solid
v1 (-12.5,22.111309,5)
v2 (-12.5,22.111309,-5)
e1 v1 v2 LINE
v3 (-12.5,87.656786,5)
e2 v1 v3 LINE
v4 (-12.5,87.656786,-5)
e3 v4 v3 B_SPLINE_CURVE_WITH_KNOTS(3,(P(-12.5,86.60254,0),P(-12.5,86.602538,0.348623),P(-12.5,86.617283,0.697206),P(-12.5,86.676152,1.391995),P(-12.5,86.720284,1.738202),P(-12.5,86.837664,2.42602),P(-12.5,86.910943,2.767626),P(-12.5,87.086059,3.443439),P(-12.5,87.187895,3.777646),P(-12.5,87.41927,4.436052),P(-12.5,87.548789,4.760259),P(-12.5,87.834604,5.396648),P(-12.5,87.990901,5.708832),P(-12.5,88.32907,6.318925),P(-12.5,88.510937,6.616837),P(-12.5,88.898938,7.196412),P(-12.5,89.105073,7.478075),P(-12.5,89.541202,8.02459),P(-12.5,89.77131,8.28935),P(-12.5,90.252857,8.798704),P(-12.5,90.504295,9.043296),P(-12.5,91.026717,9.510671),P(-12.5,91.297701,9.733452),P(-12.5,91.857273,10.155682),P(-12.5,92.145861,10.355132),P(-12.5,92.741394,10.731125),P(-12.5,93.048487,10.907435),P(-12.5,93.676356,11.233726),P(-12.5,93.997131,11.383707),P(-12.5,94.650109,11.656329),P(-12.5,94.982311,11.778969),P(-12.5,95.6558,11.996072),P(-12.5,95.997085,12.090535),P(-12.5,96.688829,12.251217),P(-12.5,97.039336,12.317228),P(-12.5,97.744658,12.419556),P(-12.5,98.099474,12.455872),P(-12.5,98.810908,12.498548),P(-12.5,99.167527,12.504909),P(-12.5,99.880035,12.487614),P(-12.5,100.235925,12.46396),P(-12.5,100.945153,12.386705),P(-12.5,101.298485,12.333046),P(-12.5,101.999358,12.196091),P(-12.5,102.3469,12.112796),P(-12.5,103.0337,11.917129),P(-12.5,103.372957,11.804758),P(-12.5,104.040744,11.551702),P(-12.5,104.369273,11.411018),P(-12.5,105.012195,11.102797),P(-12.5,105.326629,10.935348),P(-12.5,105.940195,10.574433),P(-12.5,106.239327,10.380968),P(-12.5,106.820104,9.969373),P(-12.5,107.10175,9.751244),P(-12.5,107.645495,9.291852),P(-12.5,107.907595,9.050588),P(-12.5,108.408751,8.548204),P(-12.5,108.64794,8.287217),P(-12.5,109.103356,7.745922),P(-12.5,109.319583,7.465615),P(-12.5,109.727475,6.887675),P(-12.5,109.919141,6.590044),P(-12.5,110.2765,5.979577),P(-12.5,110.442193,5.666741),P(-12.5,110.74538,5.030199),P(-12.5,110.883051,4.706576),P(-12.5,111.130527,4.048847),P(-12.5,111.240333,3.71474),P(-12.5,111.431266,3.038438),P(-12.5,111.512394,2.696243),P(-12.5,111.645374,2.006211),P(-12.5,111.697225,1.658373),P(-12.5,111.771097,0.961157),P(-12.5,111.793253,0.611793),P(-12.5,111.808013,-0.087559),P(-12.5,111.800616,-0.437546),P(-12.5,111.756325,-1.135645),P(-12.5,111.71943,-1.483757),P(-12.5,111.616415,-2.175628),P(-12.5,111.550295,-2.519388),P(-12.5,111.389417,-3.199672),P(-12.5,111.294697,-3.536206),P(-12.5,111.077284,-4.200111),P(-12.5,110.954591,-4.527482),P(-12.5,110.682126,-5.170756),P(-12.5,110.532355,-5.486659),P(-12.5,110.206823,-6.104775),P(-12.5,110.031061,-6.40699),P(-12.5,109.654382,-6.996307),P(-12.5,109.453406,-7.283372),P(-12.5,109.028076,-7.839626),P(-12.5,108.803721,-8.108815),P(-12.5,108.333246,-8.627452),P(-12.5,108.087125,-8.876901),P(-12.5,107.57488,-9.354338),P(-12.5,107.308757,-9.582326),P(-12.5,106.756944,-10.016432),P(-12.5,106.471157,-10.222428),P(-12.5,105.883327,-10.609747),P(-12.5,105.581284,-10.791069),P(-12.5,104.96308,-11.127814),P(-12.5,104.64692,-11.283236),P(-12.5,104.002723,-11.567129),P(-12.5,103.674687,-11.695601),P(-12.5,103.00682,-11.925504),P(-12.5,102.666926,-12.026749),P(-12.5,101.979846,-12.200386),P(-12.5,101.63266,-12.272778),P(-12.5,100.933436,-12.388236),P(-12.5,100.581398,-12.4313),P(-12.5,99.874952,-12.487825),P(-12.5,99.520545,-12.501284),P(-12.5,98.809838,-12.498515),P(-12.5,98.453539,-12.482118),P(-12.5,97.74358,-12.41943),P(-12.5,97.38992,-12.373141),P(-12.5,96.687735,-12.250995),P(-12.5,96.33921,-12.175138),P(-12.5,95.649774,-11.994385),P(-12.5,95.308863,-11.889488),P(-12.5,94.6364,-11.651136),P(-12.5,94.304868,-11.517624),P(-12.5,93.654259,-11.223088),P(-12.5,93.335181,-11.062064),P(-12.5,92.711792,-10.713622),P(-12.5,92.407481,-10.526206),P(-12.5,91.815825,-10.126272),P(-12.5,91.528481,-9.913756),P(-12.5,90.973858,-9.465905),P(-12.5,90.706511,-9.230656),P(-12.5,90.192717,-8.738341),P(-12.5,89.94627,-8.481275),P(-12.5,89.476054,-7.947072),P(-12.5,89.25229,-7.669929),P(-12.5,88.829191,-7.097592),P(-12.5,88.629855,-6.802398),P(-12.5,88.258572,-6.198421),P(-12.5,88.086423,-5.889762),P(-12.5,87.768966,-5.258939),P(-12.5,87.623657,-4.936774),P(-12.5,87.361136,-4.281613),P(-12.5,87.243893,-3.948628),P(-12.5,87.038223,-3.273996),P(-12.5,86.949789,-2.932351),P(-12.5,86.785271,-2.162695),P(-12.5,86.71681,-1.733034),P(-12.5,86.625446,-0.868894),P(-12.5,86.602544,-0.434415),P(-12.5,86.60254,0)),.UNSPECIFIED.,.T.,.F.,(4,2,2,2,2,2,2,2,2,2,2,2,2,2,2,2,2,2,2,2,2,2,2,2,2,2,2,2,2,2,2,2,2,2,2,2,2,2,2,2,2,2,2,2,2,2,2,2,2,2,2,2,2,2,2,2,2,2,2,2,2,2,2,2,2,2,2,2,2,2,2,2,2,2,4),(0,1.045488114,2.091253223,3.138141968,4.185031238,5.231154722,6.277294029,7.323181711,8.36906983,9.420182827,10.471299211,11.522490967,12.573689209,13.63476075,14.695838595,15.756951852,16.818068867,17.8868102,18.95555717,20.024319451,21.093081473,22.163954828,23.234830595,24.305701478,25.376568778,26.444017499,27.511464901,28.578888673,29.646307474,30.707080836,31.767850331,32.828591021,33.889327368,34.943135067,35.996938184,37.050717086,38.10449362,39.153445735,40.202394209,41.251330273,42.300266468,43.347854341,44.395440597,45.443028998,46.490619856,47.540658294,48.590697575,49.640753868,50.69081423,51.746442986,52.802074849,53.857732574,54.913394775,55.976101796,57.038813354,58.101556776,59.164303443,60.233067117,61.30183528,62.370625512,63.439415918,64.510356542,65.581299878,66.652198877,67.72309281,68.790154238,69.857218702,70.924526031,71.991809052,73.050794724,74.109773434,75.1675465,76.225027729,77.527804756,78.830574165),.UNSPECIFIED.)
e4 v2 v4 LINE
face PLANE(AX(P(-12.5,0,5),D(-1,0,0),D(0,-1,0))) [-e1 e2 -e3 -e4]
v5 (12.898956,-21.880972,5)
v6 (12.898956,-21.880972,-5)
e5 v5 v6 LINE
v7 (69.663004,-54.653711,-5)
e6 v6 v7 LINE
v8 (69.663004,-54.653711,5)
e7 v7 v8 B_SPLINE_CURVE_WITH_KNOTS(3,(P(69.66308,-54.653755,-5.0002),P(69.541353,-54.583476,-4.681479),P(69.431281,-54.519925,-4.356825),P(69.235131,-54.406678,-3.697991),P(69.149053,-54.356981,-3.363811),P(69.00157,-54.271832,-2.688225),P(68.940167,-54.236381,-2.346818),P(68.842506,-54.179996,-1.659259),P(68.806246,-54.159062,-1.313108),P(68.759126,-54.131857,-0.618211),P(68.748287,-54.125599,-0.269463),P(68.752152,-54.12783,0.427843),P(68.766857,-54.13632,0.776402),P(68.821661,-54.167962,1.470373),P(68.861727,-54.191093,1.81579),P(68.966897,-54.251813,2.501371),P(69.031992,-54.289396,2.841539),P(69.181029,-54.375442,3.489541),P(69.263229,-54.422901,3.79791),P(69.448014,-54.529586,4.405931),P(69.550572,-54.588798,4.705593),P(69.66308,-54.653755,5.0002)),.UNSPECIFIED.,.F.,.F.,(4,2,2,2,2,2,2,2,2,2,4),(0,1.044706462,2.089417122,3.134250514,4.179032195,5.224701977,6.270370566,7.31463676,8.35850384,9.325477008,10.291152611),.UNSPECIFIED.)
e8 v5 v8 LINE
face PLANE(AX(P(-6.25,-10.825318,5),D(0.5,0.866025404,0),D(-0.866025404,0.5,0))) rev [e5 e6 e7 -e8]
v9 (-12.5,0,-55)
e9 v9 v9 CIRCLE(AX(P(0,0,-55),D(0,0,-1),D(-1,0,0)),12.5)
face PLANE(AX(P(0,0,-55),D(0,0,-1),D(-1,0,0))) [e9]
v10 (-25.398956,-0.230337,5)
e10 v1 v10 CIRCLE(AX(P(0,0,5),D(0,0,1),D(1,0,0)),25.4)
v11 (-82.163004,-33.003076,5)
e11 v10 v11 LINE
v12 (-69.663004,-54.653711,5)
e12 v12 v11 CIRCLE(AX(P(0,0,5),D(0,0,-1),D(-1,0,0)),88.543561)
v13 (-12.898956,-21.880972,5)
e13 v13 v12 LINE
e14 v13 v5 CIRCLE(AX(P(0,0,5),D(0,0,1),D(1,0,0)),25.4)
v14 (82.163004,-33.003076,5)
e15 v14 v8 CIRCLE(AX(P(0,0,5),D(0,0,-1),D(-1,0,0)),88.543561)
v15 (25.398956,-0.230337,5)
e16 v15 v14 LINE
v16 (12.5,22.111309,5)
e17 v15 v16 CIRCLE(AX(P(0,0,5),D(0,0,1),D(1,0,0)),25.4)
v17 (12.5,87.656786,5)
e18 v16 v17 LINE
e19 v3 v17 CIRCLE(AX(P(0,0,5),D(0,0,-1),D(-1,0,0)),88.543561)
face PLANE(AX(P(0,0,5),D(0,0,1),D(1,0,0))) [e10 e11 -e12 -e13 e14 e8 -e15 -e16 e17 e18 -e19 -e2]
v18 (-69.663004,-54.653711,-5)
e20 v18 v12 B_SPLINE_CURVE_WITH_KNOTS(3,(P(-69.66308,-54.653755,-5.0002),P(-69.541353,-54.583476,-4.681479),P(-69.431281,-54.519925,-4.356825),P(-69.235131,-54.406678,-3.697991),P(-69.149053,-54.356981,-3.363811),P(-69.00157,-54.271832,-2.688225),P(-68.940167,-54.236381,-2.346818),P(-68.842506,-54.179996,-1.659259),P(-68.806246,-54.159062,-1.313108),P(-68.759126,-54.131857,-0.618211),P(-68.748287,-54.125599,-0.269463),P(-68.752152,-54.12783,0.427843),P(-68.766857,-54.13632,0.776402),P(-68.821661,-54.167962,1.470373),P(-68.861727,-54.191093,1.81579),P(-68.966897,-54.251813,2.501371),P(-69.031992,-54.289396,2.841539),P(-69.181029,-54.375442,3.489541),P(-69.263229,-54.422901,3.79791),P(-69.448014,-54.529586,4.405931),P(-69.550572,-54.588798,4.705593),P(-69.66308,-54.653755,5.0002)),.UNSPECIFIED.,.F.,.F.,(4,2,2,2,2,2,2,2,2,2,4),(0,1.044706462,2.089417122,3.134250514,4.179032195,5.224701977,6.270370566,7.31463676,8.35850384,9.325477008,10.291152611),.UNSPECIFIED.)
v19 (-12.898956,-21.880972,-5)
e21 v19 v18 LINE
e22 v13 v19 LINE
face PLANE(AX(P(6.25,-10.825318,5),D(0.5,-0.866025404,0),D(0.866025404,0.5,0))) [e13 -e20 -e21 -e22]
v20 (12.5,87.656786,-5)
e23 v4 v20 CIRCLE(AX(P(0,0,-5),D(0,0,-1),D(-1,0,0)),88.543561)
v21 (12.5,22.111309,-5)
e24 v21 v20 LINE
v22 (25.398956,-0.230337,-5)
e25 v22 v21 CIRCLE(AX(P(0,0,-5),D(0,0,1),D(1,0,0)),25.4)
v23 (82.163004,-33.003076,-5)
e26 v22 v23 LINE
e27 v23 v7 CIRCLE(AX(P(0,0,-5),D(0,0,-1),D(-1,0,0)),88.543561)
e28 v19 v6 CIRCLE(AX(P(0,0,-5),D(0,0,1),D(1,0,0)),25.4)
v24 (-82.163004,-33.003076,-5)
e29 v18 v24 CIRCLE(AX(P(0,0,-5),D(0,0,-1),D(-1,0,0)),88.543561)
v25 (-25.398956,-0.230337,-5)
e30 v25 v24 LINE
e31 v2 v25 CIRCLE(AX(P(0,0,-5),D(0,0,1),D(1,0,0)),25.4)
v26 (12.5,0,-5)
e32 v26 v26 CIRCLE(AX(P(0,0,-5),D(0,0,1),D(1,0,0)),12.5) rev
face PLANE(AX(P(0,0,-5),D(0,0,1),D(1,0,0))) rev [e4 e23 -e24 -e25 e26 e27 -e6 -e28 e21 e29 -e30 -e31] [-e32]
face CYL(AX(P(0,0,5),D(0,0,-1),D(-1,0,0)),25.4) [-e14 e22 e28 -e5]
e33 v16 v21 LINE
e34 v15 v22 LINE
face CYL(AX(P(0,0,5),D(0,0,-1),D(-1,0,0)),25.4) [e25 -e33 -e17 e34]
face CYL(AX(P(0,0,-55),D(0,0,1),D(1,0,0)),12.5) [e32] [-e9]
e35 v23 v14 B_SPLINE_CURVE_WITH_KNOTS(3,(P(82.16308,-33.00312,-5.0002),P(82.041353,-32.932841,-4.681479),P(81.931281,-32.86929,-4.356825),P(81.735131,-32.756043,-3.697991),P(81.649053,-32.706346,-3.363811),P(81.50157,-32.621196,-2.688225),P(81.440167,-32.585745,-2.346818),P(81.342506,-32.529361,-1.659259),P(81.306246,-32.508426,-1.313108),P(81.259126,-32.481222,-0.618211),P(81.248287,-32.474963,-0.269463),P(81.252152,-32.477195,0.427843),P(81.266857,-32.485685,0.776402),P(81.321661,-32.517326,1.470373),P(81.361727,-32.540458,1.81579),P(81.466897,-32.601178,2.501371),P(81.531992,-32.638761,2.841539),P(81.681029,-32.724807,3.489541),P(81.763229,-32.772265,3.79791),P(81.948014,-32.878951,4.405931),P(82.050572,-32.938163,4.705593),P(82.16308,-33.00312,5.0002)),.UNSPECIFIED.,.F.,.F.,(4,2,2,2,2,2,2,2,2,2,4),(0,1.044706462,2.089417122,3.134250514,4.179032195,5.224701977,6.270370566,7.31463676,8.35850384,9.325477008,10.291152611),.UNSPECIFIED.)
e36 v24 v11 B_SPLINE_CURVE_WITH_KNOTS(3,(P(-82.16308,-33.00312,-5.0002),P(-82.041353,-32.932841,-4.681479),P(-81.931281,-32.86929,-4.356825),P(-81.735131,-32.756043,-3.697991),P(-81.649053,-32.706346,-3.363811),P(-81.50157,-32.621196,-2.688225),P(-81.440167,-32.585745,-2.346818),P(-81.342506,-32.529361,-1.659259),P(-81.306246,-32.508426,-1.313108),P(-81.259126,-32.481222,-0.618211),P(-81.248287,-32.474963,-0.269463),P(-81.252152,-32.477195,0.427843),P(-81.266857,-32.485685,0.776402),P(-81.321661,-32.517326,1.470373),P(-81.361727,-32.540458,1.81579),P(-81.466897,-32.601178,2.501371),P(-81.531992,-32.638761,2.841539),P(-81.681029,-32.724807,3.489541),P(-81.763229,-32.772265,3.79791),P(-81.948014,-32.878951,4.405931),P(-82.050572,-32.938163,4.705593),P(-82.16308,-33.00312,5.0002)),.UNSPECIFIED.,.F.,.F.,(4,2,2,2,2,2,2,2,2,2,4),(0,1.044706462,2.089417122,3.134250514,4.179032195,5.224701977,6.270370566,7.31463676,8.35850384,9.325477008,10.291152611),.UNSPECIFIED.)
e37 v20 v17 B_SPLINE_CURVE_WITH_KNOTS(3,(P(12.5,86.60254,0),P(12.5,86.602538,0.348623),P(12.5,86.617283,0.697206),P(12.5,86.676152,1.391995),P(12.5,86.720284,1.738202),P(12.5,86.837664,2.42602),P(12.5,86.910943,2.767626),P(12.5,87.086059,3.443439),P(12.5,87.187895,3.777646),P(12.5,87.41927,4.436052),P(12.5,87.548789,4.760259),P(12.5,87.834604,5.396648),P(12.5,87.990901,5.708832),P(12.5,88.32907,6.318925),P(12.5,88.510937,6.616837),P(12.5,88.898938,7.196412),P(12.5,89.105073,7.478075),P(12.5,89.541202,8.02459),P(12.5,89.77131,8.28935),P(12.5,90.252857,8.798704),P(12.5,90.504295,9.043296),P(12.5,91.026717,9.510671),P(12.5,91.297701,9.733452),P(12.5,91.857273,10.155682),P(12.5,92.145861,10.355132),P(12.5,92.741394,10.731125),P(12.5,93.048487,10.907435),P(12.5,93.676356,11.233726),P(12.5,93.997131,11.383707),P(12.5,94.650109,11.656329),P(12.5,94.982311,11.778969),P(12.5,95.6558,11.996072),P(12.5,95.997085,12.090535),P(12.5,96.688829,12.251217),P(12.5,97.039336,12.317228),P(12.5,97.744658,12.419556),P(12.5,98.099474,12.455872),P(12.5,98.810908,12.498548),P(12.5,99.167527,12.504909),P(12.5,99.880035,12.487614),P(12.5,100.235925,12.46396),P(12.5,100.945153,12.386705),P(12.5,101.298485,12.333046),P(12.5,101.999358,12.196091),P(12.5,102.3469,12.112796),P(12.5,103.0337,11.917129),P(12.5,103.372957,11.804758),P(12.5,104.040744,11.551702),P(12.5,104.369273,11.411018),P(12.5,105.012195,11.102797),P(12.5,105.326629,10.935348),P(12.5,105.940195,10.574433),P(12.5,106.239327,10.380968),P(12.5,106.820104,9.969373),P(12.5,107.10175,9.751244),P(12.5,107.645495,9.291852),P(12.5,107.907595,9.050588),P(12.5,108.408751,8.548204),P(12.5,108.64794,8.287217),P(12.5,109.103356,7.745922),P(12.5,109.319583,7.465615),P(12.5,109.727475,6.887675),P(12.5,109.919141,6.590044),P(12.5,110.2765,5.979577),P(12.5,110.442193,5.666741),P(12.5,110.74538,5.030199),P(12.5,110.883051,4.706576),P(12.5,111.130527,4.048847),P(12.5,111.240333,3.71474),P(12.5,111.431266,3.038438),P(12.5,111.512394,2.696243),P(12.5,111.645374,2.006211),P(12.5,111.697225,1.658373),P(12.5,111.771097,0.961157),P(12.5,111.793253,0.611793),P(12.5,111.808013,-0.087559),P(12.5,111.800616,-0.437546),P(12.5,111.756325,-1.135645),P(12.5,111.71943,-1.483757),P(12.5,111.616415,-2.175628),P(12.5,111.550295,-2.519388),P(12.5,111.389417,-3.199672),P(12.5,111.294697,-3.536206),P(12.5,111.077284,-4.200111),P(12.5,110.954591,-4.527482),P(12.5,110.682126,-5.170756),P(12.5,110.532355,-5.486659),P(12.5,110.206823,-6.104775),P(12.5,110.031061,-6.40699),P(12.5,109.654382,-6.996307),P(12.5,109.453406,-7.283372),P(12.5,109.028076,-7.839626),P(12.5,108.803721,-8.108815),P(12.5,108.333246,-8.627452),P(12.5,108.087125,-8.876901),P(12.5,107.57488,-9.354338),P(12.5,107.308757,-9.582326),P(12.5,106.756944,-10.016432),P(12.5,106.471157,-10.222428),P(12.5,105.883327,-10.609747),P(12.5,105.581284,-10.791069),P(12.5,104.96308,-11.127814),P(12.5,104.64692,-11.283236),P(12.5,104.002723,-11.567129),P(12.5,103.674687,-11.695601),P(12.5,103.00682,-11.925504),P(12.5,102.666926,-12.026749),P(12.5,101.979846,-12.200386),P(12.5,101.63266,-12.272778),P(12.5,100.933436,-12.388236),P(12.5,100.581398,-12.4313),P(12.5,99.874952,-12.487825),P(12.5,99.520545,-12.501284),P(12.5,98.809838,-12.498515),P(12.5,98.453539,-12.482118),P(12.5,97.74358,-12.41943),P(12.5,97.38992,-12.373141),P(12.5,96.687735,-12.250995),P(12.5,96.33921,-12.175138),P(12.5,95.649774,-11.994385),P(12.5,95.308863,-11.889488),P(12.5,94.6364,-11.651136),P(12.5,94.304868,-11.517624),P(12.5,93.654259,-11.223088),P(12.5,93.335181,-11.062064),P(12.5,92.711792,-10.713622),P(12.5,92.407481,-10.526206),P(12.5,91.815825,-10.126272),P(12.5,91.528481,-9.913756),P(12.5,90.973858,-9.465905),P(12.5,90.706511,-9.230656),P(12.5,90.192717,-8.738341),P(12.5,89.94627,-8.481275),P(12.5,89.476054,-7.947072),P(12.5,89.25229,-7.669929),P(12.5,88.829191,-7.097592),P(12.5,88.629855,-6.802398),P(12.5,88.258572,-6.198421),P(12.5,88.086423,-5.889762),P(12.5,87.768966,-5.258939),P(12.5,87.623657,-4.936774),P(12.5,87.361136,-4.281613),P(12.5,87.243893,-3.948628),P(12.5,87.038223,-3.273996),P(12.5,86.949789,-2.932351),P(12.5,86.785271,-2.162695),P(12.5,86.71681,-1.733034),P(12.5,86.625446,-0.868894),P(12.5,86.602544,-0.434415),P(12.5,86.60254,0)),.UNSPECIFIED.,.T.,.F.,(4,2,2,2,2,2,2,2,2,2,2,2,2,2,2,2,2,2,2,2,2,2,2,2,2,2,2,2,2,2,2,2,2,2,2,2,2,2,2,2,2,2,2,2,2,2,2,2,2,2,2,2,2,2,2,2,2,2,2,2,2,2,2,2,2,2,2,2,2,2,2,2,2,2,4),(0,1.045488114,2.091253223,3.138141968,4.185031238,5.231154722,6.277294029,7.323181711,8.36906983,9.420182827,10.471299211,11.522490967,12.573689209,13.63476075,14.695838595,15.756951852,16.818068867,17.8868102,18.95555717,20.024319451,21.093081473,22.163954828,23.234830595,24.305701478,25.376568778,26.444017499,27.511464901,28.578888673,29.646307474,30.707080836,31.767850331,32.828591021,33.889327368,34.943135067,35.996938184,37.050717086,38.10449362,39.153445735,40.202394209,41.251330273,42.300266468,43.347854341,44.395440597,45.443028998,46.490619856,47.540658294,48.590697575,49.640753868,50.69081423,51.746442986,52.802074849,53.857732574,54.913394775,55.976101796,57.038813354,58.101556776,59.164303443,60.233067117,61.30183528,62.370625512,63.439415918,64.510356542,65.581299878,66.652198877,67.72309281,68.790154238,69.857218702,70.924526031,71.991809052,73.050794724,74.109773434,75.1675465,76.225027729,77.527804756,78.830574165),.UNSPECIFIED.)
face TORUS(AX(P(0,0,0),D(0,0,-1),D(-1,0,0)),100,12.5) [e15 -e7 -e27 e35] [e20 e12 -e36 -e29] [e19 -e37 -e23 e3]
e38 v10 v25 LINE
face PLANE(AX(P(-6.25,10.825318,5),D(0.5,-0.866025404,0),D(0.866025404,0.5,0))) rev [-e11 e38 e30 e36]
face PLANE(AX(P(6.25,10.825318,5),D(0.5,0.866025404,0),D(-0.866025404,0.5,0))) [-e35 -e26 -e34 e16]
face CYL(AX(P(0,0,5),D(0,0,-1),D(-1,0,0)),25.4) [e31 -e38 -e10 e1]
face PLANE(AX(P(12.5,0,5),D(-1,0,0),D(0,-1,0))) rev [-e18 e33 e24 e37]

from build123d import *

# Parameters (mm, degrees)
SKETCH2_R           = 12.5
BOSS_EXTRUDE1_DEPTH = 5
SKETCH4_R           = 12.5
BOSS_EXTRUDE2_DEPTH = 50


with BuildPart() as part:
    # Sketch2 → Revolve1 (revolve)
    with BuildSketch(Plane(origin=(0, 0, 0), x_dir=(1, 0, 0), z_dir=(0, 1, 0)), mode=Mode.PRIVATE) as revolve1_sk:
        with Locations((100, 0)):
            Circle(SKETCH2_R)
    revolve(revolve1_sk.sketch.rotate(Axis((0, 0, 0), (0, 0, 1)), 180), axis=Axis((0, 0, 0), (0, 0, 1)))

    # Sketch3 → Boss-Extrude1 (add, symmetric)
    with BuildSketch(Plane.XY):
        with BuildLine():
            Line((-73.52073385, -56.880972209), (-12.898955585, -21.880972209))
            ThreePointArc((-12.898955585, -21.880972209), (-21.997045256, -12.7), (-25.398955585, -0.230337114))
            Line((-25.398955585, -0.230337114), (-86.02073385, -35.230337114))
            Line((-86.02073385, -35.230337114), (-73.52073385, -56.880972209))
        make_face()
        with BuildLine():
            Line((-25.398955585, -0.230337114), (-12.898955585, -21.880972209))
            ThreePointArc((-12.898955585, -21.880972209), (0, -25.4), (12.898955585, -21.880972209))
            Line((12.898955585, -21.880972209), (25.398955585, -0.230337114))
            ThreePointArc((25.398955585, -0.230337114), (25.399738895, -0.115169741), (25.4, 0))
            ThreePointArc((25.4, 0), (21.939234262, 12.799609369), (12.5, 22.111309324))
            Line((12.5, 22.111309324), (-12.5, 22.111309324))
            ThreePointArc((-12.5, 22.111309324), (-21.997045256, 12.7), (-25.398955585, -0.230337114))
        make_face()
        with BuildLine():
            ThreePointArc((-25.398955585, -0.230337114), (-21.997045256, -12.7), (-12.898955585, -21.880972209))
            Line((-12.898955585, -21.880972209), (-25.398955585, -0.230337114))
        make_face()
        with BuildLine():
            ThreePointArc((12.5, 22.111309324), (0, 25.4), (-12.5, 22.111309324))
            Line((-12.5, 22.111309324), (12.5, 22.111309324))
        make_face()
        with BuildLine():
            Line((-12.5, 92.111309324), (-12.5, 22.111309324))
            ThreePointArc((-12.5, 22.111309324), (0, 25.4), (12.5, 22.111309324))
            Line((12.5, 22.111309324), (12.5, 92.111309324))
            Line((12.5, 92.111309324), (-12.5, 92.111309324))
        make_face()
        with BuildLine():
            Line((25.398955585, -0.230337114), (12.898955585, -21.880972209))
            ThreePointArc((12.898955585, -21.880972209), (21.997045256, -12.7), (25.398955585, -0.230337114))
        make_face()
        with BuildLine():
            ThreePointArc((25.398955585, -0.230337114), (21.997045256, -12.7), (12.898955585, -21.880972209))
            Line((12.898955585, -21.880972209), (73.52073385, -56.880972209))
            Line((73.52073385, -56.880972209), (86.02073385, -35.230337114))
            Line((86.02073385, -35.230337114), (25.398955585, -0.230337114))
        make_face()
    extrude(amount=BOSS_EXTRUDE1_DEPTH, both=True)

    # Sketch4 → Boss-Extrude2 (add)
    with BuildSketch(Plane(origin=(0, 0, -5), x_dir=(-1, 0, 0), z_dir=(0, 0, -1))):
        with Locations(Location((0, 0, 0), (0, 0, 180))):
            Circle(SKETCH4_R)
    extrude(amount=BOSS_EXTRUDE2_DEPTH)


solid = part.part
